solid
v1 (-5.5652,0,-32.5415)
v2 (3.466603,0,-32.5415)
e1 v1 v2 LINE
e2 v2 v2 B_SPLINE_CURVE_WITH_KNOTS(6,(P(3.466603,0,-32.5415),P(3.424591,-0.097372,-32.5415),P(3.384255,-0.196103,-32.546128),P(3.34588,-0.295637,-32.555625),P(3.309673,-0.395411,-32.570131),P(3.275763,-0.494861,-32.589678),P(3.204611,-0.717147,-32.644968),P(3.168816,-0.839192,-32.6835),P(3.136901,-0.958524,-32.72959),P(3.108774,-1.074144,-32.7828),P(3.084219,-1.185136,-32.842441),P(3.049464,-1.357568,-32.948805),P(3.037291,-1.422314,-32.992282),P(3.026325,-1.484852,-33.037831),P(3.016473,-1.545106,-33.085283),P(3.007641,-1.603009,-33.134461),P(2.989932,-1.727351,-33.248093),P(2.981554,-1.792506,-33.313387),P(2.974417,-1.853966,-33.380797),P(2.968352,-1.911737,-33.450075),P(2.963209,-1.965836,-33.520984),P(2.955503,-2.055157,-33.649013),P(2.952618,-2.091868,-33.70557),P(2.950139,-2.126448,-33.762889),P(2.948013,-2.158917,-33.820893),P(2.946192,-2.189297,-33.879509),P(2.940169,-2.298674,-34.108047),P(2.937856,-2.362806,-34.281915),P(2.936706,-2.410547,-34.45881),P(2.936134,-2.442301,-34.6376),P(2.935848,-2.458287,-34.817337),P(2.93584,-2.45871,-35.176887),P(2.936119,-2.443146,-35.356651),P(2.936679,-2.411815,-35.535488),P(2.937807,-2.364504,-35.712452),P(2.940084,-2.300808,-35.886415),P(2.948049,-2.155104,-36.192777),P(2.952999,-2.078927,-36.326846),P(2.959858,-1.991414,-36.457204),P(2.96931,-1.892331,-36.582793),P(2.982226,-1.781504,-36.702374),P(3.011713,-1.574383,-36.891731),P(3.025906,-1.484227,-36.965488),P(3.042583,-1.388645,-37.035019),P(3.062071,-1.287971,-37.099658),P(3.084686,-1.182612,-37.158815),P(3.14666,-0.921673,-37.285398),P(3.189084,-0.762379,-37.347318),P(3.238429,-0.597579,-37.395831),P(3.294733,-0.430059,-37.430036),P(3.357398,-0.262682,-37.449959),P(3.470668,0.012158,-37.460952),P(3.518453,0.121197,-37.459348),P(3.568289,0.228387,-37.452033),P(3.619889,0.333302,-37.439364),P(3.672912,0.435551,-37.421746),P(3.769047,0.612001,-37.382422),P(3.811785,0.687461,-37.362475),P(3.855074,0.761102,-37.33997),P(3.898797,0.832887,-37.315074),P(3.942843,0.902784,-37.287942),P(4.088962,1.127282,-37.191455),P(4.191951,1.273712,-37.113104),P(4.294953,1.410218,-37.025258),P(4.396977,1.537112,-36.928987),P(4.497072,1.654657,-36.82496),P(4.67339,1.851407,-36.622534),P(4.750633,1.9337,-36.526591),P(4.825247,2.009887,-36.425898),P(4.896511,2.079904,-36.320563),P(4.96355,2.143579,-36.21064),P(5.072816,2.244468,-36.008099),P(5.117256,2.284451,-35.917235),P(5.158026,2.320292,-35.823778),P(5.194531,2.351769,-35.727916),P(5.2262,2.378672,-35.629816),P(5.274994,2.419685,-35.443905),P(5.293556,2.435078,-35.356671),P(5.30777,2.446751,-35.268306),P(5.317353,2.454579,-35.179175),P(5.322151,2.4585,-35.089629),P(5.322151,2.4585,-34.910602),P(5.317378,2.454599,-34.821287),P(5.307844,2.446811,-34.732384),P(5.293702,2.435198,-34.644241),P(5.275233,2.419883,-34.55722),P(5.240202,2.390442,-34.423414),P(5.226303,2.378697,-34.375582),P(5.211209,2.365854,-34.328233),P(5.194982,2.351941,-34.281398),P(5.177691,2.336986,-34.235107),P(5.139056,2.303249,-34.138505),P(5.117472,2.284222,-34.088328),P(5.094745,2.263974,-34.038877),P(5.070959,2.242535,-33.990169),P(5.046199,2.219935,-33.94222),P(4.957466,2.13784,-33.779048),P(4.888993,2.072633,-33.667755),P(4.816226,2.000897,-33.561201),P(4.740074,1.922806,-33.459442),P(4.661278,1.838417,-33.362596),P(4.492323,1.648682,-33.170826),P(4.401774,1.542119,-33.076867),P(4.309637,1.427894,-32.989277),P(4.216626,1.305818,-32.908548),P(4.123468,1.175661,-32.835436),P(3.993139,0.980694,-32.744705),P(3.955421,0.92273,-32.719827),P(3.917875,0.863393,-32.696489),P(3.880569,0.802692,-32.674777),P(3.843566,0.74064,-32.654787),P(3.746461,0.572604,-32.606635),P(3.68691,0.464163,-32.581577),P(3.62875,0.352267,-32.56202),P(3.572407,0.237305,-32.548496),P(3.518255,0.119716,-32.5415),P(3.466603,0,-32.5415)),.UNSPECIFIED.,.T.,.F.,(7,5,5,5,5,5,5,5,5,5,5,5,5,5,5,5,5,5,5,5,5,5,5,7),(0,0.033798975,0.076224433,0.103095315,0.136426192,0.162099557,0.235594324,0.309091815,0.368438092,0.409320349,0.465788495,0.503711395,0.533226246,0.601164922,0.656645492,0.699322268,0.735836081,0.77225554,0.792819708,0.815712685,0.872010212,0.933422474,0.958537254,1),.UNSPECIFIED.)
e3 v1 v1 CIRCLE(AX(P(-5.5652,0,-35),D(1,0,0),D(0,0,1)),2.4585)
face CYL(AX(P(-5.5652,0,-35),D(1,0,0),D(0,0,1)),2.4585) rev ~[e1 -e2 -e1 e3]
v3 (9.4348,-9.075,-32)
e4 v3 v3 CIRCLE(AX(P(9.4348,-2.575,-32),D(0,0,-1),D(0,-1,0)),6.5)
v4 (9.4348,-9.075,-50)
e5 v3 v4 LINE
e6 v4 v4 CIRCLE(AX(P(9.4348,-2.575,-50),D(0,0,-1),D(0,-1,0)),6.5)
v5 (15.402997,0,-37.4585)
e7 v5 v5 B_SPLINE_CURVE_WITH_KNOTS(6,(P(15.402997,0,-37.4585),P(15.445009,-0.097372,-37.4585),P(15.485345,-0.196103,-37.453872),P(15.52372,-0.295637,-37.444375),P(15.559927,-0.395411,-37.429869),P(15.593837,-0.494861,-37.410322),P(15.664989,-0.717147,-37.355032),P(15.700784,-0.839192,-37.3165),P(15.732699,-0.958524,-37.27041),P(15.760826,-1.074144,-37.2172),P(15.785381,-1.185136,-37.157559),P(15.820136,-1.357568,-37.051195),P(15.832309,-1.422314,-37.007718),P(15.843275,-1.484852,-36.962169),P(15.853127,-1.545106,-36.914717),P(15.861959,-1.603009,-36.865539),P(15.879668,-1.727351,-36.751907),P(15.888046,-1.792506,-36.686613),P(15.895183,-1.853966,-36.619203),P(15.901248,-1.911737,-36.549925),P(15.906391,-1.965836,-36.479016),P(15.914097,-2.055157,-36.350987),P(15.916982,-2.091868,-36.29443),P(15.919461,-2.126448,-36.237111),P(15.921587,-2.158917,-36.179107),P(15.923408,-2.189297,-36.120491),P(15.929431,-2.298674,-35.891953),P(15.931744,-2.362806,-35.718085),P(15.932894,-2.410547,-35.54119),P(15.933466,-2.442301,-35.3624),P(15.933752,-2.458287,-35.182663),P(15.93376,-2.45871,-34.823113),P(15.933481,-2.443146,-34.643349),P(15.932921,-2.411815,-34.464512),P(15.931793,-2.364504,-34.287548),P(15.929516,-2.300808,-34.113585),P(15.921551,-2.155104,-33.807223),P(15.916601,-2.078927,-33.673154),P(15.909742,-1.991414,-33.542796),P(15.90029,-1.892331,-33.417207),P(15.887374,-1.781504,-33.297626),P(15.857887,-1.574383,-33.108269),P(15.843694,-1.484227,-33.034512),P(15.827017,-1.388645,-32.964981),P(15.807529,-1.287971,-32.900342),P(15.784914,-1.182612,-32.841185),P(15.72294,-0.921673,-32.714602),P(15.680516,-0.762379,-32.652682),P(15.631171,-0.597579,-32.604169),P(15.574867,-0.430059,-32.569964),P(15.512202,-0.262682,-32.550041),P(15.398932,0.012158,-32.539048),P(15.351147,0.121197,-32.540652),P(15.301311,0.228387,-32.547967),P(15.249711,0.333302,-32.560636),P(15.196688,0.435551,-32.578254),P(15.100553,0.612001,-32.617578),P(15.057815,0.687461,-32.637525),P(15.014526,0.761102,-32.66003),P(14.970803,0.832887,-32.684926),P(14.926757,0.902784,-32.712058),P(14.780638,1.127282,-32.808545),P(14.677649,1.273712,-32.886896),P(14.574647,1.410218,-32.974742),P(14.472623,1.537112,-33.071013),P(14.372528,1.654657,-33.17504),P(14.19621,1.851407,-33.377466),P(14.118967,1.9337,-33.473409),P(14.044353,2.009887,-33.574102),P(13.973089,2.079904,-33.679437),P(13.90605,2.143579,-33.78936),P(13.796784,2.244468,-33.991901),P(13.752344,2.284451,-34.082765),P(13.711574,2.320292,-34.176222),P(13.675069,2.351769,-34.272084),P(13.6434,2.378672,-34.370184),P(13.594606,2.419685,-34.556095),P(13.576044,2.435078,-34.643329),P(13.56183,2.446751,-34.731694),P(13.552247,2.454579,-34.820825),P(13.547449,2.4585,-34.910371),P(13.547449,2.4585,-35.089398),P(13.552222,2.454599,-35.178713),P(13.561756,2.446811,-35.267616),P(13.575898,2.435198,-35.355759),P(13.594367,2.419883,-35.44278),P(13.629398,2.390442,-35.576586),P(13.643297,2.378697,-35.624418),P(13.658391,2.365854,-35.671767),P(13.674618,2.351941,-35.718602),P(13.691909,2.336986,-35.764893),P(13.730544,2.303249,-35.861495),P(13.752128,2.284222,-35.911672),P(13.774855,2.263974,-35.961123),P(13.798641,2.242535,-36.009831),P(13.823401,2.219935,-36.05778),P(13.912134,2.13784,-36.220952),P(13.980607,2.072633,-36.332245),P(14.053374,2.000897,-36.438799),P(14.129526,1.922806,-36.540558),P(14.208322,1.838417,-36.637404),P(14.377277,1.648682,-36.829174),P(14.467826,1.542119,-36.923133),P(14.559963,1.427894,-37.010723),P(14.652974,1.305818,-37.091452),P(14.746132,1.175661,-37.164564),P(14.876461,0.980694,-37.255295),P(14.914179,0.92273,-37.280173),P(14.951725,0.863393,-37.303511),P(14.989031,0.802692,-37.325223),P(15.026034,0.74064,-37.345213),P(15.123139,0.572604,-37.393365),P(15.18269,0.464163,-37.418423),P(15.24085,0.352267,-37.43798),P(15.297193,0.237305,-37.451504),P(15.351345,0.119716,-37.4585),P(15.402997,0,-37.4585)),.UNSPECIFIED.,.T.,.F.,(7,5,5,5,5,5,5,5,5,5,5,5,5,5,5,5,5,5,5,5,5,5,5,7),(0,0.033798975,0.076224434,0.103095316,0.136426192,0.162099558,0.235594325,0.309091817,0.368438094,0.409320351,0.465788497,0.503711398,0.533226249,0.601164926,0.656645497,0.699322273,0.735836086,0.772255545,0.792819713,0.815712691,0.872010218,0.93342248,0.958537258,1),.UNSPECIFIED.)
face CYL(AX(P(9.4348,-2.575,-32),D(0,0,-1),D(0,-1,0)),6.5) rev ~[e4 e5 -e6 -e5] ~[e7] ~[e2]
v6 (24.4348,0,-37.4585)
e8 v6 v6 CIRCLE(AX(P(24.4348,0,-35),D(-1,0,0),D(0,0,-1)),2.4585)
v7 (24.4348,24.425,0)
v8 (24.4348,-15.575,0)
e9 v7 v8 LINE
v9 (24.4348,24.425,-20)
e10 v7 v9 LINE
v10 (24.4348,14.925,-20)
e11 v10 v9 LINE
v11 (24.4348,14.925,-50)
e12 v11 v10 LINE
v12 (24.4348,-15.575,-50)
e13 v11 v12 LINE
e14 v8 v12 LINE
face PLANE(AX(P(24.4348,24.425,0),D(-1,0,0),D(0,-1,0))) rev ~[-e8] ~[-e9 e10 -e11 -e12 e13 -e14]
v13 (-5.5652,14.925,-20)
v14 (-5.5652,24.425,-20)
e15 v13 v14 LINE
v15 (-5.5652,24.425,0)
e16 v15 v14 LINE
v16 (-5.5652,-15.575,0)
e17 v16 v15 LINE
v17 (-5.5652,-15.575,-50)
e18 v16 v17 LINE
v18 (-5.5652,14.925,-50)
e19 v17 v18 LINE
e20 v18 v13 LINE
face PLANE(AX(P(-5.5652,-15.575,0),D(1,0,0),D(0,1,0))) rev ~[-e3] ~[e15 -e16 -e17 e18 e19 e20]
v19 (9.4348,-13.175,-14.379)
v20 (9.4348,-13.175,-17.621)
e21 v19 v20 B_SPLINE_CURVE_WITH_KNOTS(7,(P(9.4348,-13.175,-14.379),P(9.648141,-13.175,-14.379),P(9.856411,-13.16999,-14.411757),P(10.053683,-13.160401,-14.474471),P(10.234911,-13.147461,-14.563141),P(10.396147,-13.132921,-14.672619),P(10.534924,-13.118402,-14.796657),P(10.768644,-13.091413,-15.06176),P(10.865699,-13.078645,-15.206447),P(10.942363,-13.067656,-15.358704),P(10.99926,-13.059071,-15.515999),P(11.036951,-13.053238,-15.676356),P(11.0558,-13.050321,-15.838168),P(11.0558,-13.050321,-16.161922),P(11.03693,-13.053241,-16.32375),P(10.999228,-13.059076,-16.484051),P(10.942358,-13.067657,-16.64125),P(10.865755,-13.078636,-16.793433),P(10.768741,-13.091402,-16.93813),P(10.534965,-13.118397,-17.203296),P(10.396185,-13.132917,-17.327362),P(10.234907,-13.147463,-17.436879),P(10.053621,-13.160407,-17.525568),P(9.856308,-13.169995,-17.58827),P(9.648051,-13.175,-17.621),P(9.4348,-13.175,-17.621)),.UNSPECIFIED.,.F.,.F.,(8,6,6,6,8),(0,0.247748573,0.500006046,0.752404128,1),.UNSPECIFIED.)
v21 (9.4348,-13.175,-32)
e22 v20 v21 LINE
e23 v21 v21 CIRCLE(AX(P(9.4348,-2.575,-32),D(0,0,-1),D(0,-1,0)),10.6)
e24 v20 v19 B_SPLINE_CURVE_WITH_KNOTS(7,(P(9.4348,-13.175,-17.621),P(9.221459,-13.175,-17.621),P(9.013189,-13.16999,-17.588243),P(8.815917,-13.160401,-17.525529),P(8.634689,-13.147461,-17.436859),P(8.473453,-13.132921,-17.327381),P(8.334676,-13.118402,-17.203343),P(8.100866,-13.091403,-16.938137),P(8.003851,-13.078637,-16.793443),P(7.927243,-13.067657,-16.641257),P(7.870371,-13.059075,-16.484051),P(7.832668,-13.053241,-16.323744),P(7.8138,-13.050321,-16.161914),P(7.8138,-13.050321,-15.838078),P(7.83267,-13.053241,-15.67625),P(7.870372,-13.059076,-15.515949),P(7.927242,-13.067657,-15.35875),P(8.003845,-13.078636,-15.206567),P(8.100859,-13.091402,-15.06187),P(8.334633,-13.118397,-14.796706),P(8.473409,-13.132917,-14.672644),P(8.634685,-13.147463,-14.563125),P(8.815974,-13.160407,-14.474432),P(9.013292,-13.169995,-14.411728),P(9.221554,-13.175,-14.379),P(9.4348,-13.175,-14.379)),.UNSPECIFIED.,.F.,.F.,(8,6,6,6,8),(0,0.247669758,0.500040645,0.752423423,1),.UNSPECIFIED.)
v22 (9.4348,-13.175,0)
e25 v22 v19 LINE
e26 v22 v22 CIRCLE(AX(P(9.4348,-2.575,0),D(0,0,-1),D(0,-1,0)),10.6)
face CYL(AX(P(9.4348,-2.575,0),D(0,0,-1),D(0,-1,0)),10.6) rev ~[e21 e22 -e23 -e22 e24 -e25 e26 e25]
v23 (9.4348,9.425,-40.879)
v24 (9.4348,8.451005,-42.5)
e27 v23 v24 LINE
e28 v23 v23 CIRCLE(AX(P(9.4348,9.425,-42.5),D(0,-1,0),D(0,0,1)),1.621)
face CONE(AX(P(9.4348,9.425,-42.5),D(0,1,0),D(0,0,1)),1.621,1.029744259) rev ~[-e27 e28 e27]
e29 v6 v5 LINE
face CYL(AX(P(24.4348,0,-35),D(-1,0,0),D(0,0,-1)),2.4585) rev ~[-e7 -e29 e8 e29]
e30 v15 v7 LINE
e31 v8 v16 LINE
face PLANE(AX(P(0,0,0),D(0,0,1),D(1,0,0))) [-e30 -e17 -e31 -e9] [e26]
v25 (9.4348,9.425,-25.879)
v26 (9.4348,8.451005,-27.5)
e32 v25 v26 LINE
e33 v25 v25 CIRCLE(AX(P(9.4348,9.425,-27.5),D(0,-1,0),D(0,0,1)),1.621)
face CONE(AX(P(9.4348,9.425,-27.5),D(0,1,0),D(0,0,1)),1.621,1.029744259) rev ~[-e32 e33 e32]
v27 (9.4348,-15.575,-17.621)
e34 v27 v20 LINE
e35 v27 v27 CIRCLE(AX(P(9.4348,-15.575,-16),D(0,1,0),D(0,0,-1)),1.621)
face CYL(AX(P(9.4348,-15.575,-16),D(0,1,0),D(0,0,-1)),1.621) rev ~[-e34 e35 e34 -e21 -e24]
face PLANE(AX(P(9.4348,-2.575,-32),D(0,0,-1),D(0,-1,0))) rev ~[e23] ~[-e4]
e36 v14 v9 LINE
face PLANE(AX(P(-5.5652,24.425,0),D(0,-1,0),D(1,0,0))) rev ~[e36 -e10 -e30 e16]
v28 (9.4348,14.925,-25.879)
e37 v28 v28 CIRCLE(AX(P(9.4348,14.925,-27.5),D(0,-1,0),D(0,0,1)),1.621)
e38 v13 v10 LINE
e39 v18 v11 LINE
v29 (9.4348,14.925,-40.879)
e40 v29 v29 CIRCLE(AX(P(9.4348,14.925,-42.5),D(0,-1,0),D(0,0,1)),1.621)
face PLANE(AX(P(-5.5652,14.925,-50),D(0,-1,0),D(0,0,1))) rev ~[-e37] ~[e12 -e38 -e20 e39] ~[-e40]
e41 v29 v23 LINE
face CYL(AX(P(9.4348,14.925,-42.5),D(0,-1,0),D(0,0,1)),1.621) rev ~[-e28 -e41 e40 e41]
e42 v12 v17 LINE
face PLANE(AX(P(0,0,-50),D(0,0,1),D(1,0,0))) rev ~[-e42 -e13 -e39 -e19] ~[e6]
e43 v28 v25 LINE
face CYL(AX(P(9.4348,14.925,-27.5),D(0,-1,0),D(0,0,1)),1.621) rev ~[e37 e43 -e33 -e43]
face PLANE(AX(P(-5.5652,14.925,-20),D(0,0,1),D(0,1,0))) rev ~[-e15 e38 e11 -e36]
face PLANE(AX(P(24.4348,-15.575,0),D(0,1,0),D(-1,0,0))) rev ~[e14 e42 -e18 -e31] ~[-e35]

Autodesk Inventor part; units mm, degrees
ref_plane "YZ Plane" through (0, 0, 0) normal (1, 0, 0) x (0, 1, 0)
ref_plane "XZ Plane" through (0, 0, 0) normal (0, 1, 0) x (-1, 0, 0)
ref_plane "XY Plane" through (0, 0, 0) normal (0, 0, 1) x (1, 0, 0)
sketch "Esboço1" plane through (0, 0, 0) normal (0, 0, 1) x (1, 0, 0)
  circle A0 centre (9.5, -2.575) radius 10.5 construction
  line L0 (21.9348, 5.0533) -> (21.9348, -29.9467) construction
  line L1 (-3.0652, -29.9467) -> (-3.0652, 5.0533) construction
  circle A1 centre (9.5, -2.575) radius 10.575 construction
  line L2 (21.9348, -13.15) -> (-3.0652, -13.15) construction
  line L3 (9.4348, -13.15) -> (9.4348, 4.425) construction
  line L4 (-5.5652, 24.425) -> (24.4348, 24.425)
  line L5 (24.4348, 24.425) -> (24.4348, -15.575)
  line L6 (24.4348, -15.575) -> (-5.5652, -15.575)
  line L7 (-5.5652, -15.575) -> (-5.5652, 24.425)
  line L8 (-5.5652, 24.425) -> (24.4348, -15.575) construction
  line L9 (24.4348, 24.425) -> (-5.5652, -15.575) construction
  point P0 (0, 0)
  dimension "d1" = 21.15
  dimension "d3" = 30
  dimension "d4" = 40
  dimension "d51" = 13
extrude "Extrusão1" add sketch "Esboço1" against normal blind 50
sketch "Esboço2" plane through (0, 0, 0) normal (0, 0, 1) x (1, 0, 0)
  circle A0 centre (9.4348, -2.575) radius 5.995 construction
  line L0 (24.4348, -15.575) -> (-5.5652, -15.575) projected
  line L1 (-5.5652, -15.575) -> (-5.5652, 24.425) projected
  dimension "d52" = 13
  dimension "d53" = 15
hole "Furo1" at (9.4348, -2.575, 0) direction (0, 0, -1) diameter 13 end through all counterbore diameter 21.2 counterbore depth 32
sketch "Esboço3" plane through (-5.5652, -15.575, 0) normal (-1, 0, 0) x (0, 0, 1)
  line L0 (-50, 0) -> (-50, 40) construction
  line L1 (0, 40) -> (0, 0) construction
  line L2 (-50, 40) -> (0, 40) construction
  line L3 (0, 40) -> (0, 0) construction
  line L4 (0, 0) -> (-50, 0) construction
  line L5 (-50, 0) -> (-50, 40) construction
  line L6 (0, 15.575) -> (-50, 15.575) construction
  line L7 (-35, 15.575) -> (-35, 40) construction
hole "Furo2" at (-5.5652, 0, -35) direction (1, 0, 0) diameter 4.917 depth 13 tip angle 118 thread size "M6x1" class "6H" standard "ANSI Metric M Profile"
sketch "Esboço4" plane through (-5.5652, -15.575, 0) normal (-1, 0, 0) x (0, 0, 1)
  line L0 (-50, 30.5) -> (-20, 30.5)
  line L1 (-20, 30.5) -> (-20, 40)
  line L2 (-20, 40) -> (-50, 40)
  line L3 (-50, 40) -> (-50, 30.5)
  point P0 (0, 15.575)
  point P1 (-50, 0)
  dimension "d22" = 30.5
  dimension "d23" = 30
extrude "Extrusão2" cut sketch "Esboço4" against normal blind 31.25
sketch "Esboço6" plane through (24.4348, -15.575, 0) normal (1, 0, 0) x (0, 0, -1)
  circle A0 centre (35, 15.575) radius 2.4585 construction
  circle A1 centre (35, 15.575) radius 2.4585 construction
  point P0 (0, 15.575)
hole "Furo3" at (24.4348, 0, -35) direction (-1, 0, 0) diameter 4.917 depth 13 tip angle 118 thread size "M6x1" class "6H" standard "ANSI Metric M Profile"
sketch "Esboço7" plane through (-5.5652, -15.575, 0) normal (0, -1, 0) x (1, 0, 0)
  line L0 (0, 0) -> (30, 0) projected
  line L1 (15, 0) -> (15, -16) construction
  point P0 (5.5652, 0)
  dimension "d33" = 16
hole "Furo4" at (9.4348, -15.575, -16) direction (0, 1, 0) diameter 3.242 depth 5.18 tip angle 118 thread size "M4x0.7" class "6H" standard "ANSI Metric M Profile"
sketch "Esboço8" plane through (-5.5652, 14.925, -20) normal (0, 1, 0) x (1, 0, 0)
  line L0 (30, 0) -> (0, 0) projected
  line L1 (30, 30) -> (0, 30) projected
  line L2 (30, -20) -> (30, 30) projected
  line L3 (0, -20) -> (0, 30) projected
  line L4 (15, 0) -> (15, 7.5) construction
  line L5 (15, 30) -> (15, 22.5) construction
  point P0 (5.5652, -20)
  dimension "d41" = 7.5
  dimension "d42" = 7.5
hole "Furo5" at (9.4348, 14.925, -27.5) at (9.4348, 14.925, -42.5) direction (0, -1, 0) diameter 3.242 depth 5.5 tip angle 118 thread size "M4x0.7" class "6H" standard "ANSI Metric M Profile"
properties part number "carro_do_rolamento_direito" material "Alumínio 6061"
